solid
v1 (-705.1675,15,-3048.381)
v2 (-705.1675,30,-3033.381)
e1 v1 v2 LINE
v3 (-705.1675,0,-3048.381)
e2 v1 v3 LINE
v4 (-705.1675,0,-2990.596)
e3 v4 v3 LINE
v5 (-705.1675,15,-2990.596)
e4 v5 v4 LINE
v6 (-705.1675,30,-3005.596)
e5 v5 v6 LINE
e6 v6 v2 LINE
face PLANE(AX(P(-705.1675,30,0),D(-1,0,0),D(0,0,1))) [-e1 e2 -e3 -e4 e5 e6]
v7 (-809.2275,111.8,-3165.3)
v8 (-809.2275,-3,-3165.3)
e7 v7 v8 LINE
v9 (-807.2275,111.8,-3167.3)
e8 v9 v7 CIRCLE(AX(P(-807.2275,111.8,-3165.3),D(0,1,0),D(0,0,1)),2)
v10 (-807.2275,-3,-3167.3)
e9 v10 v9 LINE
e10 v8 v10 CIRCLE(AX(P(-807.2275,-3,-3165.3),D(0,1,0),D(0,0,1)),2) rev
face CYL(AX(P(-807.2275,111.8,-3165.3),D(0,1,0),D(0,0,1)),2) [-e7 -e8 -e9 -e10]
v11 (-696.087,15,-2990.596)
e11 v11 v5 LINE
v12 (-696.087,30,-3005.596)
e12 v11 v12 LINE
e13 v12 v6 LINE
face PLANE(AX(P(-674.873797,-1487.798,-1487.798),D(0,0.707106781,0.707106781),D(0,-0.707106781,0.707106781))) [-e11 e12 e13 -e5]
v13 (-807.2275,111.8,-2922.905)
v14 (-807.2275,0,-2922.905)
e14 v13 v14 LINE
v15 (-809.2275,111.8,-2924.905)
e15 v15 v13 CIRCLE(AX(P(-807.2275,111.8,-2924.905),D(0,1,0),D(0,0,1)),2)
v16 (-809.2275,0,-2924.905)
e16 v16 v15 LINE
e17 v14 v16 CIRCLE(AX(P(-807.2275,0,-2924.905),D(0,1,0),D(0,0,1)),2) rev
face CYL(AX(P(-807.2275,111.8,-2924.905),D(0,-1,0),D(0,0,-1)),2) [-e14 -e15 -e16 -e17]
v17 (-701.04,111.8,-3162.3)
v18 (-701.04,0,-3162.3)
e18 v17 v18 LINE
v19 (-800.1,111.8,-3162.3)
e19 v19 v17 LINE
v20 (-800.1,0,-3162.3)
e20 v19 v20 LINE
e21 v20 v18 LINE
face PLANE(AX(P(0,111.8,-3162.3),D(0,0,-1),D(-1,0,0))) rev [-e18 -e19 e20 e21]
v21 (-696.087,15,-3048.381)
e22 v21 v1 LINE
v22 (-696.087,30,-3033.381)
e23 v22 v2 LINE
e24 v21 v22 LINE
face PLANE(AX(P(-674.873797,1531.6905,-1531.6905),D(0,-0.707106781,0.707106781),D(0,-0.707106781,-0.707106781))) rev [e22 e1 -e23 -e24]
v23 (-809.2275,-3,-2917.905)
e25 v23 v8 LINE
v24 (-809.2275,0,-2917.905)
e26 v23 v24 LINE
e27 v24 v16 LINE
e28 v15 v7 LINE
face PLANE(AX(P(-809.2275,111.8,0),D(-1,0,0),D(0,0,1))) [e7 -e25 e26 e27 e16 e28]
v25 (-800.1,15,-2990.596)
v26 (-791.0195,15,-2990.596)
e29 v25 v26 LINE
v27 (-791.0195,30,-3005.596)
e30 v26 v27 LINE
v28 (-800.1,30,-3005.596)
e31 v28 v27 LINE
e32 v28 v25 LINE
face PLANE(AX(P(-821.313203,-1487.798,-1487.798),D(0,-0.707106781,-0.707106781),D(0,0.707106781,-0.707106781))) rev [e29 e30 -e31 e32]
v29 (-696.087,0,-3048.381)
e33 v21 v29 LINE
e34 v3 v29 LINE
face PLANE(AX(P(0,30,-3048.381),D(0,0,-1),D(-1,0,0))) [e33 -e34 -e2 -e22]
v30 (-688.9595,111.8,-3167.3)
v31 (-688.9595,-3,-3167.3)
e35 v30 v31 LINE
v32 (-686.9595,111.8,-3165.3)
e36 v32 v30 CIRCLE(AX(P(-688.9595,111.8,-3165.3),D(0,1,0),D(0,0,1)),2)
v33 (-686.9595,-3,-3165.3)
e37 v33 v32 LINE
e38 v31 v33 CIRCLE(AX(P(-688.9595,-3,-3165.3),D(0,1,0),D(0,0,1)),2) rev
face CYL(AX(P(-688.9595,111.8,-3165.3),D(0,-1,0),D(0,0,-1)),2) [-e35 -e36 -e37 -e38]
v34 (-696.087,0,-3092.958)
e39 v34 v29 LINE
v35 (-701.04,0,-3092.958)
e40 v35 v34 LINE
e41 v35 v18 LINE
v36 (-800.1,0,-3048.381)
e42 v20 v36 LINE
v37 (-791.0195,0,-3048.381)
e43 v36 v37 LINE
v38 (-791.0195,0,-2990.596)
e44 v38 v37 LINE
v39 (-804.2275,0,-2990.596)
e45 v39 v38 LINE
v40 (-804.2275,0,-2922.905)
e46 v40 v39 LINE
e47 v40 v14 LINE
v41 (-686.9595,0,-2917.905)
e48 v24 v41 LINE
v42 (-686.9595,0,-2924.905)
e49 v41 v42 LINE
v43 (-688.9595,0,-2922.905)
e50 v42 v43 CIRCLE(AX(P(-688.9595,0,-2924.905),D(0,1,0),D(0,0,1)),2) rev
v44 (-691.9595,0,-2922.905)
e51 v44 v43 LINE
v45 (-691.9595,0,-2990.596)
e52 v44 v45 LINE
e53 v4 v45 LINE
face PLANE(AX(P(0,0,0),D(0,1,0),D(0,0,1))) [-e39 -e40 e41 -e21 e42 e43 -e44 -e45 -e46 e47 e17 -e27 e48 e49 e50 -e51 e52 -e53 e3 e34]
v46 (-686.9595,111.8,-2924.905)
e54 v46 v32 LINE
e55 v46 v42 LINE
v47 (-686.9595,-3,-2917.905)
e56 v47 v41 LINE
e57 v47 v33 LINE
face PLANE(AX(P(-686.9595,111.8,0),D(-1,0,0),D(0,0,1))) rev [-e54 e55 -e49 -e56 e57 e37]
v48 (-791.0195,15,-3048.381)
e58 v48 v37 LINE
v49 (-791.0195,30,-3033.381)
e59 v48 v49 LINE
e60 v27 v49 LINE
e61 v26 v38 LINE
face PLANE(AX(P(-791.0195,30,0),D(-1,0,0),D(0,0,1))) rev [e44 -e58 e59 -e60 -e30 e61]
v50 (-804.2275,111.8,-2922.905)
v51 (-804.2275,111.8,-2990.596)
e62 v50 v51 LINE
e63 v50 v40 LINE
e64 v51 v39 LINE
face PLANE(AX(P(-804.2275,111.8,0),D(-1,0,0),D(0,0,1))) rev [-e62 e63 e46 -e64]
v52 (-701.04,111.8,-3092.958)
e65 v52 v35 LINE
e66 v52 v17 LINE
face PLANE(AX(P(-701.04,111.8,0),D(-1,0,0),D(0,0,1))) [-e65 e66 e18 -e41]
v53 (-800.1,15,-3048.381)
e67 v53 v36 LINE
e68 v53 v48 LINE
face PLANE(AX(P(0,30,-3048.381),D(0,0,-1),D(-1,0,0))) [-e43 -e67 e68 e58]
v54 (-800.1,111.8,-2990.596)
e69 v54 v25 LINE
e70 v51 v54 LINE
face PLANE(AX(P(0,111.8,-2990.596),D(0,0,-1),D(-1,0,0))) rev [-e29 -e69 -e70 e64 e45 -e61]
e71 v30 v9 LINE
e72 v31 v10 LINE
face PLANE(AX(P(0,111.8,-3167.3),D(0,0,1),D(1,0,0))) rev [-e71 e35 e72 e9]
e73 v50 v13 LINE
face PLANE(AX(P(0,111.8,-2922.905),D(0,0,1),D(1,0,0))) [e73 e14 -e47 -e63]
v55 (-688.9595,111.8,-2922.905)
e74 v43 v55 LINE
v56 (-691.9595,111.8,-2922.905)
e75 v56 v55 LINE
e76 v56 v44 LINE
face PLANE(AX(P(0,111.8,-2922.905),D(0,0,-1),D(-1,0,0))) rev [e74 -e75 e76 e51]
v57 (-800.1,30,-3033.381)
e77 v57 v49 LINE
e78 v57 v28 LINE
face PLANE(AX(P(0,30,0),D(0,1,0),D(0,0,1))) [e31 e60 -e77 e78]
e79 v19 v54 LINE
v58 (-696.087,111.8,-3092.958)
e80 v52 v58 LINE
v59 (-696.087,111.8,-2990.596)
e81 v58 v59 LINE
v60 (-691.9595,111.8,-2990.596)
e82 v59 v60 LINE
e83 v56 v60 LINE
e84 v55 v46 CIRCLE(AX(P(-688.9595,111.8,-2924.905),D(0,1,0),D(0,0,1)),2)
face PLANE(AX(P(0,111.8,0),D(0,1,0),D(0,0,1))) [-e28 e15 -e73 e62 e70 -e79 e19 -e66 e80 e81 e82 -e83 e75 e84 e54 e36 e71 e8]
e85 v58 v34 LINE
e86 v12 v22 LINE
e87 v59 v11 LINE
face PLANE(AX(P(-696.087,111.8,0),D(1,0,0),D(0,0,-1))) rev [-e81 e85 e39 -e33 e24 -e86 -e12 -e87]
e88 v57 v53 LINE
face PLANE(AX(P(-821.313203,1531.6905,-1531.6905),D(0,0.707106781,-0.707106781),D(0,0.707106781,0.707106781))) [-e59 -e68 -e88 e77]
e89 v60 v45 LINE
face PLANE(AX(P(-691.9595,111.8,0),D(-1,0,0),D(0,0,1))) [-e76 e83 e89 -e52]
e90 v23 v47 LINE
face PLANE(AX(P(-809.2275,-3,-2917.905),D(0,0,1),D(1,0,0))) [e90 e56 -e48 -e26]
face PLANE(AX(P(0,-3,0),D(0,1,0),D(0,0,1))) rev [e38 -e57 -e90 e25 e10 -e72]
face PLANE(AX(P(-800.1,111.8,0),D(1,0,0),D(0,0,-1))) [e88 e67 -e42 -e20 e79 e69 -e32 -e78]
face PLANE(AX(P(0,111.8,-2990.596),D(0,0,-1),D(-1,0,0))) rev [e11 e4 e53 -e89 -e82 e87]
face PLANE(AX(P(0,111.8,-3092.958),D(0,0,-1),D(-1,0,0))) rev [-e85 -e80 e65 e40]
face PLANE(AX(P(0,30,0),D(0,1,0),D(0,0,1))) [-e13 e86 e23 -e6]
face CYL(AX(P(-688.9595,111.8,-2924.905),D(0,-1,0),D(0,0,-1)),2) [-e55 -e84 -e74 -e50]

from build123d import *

# Parameters (mm, degrees)
BOSS_EXTRUDE1_DEPTH = 111.8
SKETCH7_W           = 122.268
SKETCH7_H           = 249.395
BOSS_EXTRUDE2_DEPTH = 3
SKETCH8_W           = 9.0805
SKETCH8_H           = 57.785
BOSS_EXTRUDE3_DEPTH = 30
CUT_EXTRUDE1_DEPTH  = 9.0805
CUT_EXTRUDE2_DEPTH  = 9.0805
FILLET1_R           = 2


with BuildPart() as part:
    # Sketch6 → Boss-Extrude1 (new body)
    with BuildSketch(Plane(origin=(0, 0, 0), x_dir=(1, 0, 0), z_dir=(0, 1, 0))):
        Polygon((-809.2275, 2922.905), (-804.2275, 2922.905), (-804.2275, 2990.596), (-800.1, 2990.596), (-800.1, 3162.3), (-701.04, 3162.3), (-701.04, 3092.958), (-696.087, 3092.958), (-696.087, 2990.596), (-691.9595, 2990.596), (-691.9595, 2922.905), (-686.9595, 2922.905), (-686.9595, 3167.3), (-809.2275, 3167.3), align=None)
    extrude(amount=BOSS_EXTRUDE1_DEPTH)

    # Sketch7 → Boss-Extrude2 (add)
    with BuildSketch(Plane.XZ):
        with Locations((-748.0935, -3042.6025)):
            Rectangle(SKETCH7_W, SKETCH7_H)
    extrude(amount=BOSS_EXTRUDE2_DEPTH)

    # Sketch8 → Boss-Extrude3 (add)
    with BuildSketch(Plane(origin=(0, 0, 0), x_dir=(1, 0, 0), z_dir=(0, 1, 0))):
        with Locations((-795.55975, 3019.4885)):
            Rectangle(SKETCH8_W, SKETCH8_H)
        with Locations((-700.62725, 3019.4885)):
            Rectangle(SKETCH8_W, SKETCH8_H)
    extrude(amount=BOSS_EXTRUDE3_DEPTH)

    # Sketch9 → Cut-Extrude1 (cut)
    with BuildSketch(Plane(origin=(-791.0195, 0, 0), x_dir=(0, 0, -1), z_dir=(1, 0, 0))):
        Polygon((2990.596, 30), (2990.596, 15), (3005.596, 30), align=None)
        Polygon((3048.381, 30), (3033.381, 30), (3048.381, 15), align=None)
    extrude(amount=-CUT_EXTRUDE1_DEPTH, mode=Mode.SUBTRACT)

    # Sketch10 → Cut-Extrude2 (cut)
    with BuildSketch(Plane.ZY.offset(705.1675)):
        Polygon((-3048.381, 30), (-3048.381, 15), (-3033.381, 30), align=None)
        Polygon((-2990.596, 30), (-3005.596, 30), (-2990.596, 15), align=None)
    extrude(amount=-CUT_EXTRUDE2_DEPTH, mode=Mode.SUBTRACT)

    # Fillet1
    fillet1_edges = [part.edges().sort_by_distance(p)[0] for p in [
        (-809.2275, 55.9, -2922.905),
        (-809.2275, 54.4, -3167.3),
        (-686.9595, 54.4, -3167.3),
        (-686.9595, 55.9, -2922.905),
    ]]
    fillet(fillet1_edges, radius=FILLET1_R)


solid = part.part
